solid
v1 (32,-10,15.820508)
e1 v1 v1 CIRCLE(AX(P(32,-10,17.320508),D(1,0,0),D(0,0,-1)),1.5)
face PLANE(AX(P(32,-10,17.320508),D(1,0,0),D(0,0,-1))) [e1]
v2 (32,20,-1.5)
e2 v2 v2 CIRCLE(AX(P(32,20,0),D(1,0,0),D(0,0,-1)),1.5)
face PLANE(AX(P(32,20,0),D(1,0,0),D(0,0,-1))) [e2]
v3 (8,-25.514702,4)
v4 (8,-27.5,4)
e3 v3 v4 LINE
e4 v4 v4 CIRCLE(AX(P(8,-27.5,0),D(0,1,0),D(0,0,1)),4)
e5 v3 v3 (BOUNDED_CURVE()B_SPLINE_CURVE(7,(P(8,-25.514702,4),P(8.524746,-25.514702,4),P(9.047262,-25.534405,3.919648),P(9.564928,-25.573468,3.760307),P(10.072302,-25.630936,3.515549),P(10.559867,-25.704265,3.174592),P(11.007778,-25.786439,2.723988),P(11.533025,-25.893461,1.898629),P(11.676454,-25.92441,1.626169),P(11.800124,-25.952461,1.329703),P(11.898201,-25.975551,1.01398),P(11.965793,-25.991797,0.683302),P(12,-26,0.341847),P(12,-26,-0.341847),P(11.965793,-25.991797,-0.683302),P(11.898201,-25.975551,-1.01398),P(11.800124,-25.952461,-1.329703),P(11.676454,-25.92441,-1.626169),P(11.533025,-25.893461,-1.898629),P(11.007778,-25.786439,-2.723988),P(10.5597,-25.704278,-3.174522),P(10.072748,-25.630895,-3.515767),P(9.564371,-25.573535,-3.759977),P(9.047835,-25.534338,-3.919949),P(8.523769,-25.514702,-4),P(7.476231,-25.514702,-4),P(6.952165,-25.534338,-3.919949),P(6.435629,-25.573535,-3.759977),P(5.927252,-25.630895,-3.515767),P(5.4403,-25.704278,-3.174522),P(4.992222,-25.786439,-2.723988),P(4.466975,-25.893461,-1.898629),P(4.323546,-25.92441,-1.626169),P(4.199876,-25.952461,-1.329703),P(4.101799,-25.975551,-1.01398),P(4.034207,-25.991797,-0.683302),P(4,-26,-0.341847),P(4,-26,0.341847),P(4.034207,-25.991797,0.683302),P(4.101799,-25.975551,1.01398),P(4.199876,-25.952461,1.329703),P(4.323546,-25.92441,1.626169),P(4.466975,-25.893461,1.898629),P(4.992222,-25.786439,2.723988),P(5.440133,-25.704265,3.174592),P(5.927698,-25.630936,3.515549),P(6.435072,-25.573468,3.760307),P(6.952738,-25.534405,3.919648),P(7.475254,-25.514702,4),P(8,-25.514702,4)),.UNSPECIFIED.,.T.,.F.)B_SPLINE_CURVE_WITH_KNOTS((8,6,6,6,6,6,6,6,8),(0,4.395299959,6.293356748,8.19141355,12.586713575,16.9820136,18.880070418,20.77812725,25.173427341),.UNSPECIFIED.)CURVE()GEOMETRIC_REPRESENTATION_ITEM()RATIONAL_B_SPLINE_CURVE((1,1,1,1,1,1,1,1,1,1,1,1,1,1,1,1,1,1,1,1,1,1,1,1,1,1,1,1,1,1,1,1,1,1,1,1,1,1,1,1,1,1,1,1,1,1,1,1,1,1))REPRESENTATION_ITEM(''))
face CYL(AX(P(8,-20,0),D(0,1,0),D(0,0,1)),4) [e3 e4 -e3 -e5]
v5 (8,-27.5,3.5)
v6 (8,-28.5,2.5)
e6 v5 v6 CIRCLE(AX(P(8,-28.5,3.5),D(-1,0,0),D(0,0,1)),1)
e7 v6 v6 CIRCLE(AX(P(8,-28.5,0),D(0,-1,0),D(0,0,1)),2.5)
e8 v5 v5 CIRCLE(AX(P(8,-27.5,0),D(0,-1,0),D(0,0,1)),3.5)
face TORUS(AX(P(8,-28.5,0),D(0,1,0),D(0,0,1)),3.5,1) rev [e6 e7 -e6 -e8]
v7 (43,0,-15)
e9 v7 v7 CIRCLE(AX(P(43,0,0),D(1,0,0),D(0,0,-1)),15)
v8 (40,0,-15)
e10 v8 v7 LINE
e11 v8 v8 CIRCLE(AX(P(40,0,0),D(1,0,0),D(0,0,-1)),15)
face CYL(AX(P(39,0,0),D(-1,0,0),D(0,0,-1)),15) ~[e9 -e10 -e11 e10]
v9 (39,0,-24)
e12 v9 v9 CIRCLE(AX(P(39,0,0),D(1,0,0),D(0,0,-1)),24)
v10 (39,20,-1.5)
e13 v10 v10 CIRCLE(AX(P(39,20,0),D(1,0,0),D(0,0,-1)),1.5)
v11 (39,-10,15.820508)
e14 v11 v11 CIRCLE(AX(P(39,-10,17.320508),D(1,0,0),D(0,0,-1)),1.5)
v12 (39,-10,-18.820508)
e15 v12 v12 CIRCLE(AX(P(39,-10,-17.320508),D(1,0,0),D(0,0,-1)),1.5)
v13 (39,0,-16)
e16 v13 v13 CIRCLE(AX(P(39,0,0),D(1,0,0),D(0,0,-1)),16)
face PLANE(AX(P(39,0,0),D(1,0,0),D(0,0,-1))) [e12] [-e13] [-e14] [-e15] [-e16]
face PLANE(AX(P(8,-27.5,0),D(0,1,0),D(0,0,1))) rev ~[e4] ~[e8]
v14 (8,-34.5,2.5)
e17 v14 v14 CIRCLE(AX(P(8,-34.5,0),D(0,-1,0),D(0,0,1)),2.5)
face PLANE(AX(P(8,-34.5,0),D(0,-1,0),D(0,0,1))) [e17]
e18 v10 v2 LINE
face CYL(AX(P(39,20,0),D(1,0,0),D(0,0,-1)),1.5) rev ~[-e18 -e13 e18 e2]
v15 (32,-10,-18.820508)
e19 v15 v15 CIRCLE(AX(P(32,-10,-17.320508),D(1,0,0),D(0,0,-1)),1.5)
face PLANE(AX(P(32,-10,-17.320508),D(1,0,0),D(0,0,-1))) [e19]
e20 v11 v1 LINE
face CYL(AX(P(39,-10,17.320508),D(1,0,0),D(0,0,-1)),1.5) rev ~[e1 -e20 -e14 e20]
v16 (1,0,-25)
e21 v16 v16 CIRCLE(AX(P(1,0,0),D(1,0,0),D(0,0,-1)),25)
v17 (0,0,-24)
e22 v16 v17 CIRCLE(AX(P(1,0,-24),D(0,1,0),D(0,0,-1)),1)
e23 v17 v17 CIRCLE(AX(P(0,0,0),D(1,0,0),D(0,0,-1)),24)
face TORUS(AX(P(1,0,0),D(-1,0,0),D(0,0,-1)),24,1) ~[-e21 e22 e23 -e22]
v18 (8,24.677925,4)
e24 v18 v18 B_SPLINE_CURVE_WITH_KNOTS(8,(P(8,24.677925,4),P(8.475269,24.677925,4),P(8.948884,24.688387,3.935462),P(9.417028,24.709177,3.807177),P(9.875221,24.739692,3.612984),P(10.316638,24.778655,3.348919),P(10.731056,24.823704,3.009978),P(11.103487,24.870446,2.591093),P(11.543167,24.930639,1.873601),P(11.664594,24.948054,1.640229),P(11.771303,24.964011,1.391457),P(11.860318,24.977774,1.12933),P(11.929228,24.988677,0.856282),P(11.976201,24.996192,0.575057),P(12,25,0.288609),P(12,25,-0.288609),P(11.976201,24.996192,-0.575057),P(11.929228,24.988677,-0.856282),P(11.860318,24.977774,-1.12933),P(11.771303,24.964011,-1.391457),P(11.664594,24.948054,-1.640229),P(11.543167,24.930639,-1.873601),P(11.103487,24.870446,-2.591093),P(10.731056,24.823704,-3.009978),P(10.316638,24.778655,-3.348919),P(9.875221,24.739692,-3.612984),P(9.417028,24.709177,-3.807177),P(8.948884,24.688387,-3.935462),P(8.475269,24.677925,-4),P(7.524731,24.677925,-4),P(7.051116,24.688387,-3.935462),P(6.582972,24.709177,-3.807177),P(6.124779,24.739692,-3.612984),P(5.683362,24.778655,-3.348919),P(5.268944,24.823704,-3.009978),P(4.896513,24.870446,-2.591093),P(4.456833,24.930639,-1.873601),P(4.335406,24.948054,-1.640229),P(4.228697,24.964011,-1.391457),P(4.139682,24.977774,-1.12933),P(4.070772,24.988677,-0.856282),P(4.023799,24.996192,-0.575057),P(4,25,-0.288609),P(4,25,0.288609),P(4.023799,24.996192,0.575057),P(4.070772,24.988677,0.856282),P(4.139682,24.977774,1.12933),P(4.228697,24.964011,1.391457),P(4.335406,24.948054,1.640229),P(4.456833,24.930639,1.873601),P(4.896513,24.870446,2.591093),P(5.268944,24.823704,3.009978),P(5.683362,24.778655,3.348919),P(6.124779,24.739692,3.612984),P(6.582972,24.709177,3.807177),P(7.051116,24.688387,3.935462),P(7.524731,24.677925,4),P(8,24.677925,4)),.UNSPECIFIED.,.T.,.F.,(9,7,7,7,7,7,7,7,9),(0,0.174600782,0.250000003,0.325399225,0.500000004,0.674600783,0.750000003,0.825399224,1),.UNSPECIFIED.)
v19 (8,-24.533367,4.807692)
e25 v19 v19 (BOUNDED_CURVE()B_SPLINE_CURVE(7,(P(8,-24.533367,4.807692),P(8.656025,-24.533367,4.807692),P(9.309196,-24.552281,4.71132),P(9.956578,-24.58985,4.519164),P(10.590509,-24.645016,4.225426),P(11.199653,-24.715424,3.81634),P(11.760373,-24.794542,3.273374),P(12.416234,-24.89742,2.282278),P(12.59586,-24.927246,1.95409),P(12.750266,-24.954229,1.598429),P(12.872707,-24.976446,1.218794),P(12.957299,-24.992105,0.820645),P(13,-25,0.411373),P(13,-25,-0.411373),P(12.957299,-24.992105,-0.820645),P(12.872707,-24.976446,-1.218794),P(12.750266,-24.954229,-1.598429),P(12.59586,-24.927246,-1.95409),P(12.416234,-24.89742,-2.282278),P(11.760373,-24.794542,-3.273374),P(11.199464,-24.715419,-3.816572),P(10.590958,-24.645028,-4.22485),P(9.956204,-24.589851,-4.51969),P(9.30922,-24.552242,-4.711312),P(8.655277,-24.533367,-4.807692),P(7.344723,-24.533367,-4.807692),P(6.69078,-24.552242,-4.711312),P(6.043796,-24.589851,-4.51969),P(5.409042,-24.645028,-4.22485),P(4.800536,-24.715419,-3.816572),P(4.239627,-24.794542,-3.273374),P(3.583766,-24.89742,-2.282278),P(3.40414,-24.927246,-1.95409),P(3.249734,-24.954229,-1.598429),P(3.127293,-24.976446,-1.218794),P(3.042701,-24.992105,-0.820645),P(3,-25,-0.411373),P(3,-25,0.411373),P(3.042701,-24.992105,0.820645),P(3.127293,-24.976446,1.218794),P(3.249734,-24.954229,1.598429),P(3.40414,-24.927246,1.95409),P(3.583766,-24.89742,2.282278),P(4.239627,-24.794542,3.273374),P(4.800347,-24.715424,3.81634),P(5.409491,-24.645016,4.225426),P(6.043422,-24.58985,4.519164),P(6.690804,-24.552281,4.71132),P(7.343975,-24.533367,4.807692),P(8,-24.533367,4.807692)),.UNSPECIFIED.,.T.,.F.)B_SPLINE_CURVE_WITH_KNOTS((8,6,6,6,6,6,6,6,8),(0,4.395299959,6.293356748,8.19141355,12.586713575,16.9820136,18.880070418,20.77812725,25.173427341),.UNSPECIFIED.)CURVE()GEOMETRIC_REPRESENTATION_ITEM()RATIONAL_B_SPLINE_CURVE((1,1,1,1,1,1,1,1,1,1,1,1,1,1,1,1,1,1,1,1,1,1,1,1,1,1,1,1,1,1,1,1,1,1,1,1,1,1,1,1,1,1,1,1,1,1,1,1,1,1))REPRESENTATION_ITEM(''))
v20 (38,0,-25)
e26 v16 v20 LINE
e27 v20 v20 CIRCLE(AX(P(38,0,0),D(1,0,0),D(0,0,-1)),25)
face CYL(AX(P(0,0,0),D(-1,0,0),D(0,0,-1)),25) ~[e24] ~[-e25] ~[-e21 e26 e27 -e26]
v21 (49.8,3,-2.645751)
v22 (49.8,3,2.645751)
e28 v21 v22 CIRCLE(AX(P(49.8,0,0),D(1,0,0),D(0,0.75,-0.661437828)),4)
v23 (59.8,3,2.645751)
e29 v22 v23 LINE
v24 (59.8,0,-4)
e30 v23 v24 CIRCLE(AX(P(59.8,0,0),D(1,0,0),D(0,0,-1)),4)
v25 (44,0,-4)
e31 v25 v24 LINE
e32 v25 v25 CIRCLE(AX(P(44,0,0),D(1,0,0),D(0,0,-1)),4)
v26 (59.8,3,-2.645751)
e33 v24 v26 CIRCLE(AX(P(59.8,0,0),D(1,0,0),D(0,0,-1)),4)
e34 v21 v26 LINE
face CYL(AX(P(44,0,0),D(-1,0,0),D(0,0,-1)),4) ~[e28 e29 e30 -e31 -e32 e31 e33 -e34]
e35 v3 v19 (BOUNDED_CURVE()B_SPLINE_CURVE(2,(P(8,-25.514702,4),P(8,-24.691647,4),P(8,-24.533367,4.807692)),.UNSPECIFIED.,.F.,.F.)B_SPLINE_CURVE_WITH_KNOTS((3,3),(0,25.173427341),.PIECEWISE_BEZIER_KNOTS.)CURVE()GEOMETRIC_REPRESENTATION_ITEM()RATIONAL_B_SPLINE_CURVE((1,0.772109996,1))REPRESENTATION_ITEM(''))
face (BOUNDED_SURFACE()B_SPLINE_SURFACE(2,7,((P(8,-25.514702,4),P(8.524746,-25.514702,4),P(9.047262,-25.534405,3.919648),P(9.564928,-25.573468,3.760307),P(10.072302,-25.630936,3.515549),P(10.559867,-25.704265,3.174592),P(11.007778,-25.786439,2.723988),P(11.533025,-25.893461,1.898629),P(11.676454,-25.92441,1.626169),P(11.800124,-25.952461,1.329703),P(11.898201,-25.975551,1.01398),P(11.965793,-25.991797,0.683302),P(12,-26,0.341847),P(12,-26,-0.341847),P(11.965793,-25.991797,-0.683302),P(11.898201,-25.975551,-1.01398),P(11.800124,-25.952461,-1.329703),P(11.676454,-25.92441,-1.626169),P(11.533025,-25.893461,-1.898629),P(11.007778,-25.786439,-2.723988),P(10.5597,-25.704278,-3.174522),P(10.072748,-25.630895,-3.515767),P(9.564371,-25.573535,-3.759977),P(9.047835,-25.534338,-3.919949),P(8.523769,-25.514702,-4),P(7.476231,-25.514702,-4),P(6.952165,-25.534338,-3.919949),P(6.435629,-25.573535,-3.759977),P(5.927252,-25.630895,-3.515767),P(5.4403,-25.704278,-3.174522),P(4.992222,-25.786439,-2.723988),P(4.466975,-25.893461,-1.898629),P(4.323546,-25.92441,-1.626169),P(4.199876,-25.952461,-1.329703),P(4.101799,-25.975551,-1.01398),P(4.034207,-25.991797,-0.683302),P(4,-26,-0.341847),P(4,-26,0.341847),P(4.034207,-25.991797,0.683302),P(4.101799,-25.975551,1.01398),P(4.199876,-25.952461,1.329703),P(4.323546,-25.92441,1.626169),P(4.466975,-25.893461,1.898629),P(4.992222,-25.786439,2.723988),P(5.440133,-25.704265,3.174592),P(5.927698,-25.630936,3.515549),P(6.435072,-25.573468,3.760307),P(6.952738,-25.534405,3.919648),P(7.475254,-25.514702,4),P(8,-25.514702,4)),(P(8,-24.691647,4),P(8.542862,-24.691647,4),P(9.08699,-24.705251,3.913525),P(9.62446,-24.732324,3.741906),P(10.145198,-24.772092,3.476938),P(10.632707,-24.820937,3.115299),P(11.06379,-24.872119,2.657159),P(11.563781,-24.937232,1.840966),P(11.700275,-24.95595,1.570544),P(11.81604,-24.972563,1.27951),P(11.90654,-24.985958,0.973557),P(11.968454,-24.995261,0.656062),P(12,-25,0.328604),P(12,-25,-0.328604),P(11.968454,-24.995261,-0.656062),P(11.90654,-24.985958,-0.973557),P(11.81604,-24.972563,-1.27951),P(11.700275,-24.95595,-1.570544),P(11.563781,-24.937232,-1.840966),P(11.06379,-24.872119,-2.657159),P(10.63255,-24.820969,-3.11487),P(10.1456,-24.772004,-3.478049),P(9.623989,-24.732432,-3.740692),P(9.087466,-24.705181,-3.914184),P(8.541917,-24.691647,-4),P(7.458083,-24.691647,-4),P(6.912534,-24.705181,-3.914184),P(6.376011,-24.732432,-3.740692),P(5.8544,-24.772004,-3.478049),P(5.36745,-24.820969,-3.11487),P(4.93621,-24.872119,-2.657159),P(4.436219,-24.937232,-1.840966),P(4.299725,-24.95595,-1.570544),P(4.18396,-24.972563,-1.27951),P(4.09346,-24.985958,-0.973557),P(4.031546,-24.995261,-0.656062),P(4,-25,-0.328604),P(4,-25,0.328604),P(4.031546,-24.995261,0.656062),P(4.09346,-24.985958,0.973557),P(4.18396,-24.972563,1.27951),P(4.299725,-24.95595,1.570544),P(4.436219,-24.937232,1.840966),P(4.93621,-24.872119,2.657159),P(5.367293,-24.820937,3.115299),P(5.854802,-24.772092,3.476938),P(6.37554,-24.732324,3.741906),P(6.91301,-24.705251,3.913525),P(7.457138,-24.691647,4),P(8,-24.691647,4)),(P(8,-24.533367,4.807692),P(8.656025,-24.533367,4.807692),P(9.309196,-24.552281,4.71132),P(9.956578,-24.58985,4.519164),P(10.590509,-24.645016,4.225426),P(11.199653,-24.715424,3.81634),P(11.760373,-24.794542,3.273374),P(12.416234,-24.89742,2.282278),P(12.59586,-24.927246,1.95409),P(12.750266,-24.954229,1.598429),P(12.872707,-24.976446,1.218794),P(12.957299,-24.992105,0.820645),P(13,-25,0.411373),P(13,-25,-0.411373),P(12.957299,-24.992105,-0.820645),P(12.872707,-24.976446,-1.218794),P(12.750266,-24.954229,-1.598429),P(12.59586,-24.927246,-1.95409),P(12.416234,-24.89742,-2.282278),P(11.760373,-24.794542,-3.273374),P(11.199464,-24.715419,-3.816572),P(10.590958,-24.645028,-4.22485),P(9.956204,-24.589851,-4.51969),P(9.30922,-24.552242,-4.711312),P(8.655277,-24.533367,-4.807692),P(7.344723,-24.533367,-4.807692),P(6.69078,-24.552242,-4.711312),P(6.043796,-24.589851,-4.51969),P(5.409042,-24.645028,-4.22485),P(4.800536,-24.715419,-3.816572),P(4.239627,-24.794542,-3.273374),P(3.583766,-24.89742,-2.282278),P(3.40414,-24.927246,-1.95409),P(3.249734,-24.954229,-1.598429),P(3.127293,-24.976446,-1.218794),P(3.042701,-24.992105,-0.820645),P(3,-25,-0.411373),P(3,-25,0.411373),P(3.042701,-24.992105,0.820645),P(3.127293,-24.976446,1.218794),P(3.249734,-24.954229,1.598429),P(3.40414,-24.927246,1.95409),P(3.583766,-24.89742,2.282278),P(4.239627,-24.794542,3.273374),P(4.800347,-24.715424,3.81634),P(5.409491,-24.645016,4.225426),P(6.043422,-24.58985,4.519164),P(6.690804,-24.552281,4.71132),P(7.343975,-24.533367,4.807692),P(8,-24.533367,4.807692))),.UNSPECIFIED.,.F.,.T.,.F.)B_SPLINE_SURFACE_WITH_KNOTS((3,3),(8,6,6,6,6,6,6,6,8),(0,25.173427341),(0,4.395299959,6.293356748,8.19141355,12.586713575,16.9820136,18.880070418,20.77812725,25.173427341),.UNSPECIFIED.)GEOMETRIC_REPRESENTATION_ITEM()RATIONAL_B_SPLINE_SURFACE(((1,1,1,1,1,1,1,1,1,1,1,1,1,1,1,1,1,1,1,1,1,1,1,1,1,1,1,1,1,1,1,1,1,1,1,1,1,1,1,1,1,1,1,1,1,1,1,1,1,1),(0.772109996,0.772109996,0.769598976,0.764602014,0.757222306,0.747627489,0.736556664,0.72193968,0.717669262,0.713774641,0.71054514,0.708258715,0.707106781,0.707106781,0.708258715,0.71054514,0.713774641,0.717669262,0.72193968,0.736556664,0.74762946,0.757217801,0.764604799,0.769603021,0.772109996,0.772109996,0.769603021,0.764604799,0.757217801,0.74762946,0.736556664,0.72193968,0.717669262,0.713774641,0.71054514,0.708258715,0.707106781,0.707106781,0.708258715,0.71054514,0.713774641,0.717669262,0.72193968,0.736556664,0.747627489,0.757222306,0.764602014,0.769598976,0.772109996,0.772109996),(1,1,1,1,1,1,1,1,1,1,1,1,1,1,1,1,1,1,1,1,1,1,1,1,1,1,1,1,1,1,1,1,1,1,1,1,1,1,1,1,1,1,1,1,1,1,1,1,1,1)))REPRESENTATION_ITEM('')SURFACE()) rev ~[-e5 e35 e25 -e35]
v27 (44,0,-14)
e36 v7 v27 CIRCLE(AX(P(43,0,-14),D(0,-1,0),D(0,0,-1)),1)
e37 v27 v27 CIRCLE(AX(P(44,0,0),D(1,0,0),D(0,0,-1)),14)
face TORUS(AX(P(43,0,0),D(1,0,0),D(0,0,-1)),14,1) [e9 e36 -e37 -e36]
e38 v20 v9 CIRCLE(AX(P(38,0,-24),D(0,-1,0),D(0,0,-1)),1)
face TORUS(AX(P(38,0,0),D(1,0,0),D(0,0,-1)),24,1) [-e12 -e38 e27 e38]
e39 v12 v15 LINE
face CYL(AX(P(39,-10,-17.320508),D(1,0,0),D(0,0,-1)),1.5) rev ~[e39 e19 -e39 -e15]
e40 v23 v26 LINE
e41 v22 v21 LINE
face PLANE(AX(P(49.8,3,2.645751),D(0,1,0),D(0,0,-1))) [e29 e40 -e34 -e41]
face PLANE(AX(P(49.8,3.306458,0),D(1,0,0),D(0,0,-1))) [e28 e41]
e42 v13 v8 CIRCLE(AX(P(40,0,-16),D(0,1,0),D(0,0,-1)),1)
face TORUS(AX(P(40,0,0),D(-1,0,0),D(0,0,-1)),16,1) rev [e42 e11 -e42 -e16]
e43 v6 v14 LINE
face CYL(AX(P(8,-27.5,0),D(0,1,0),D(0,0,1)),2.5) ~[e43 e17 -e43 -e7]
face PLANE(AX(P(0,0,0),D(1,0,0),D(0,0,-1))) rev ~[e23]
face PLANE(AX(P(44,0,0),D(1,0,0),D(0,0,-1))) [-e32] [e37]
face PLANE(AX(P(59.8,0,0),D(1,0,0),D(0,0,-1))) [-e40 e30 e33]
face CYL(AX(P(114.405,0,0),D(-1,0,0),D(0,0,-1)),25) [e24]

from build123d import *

# Parameters (mm, degrees)
SKETCH2_R                       = 25
BOSS_EXTRUDE1_DEPTH             = 39
SKETCH3_R                       = 15
BOSS_EXTRUDE2_DEPTH             = 5
SKETCH4_R                       = 4
BOSS_EXTRUDE3_DEPTH             = 15.8
CUT_EXTRUDE1_START              = -10
CUT_EXTRUDE1_DEPTH              = 10
SKETCH6_R                       = 1.5
CUT_EXTRUDE2_DEPTH              = 7
BOSS_EXTRUDE4_REACH             = 80.905
BOSS_EXTRUDE4_END_RADIUS        = 25
SKETCH8_R                       = 4
BOSS_EXTRUDE4_DIRECTION_2_DEPTH = 7.5
SKETCH9_R                       = 2.5
BOSS_EXTRUDE5_DEPTH             = 7
FILLET1_R                       = 1


with BuildPart() as part:
    # Sketch2 → Boss-Extrude1 (new body)
    with BuildSketch(Plane(origin=(0, 0, 0), x_dir=(0, 0, -1), z_dir=(1, 0, 0))):
        Circle(SKETCH2_R)
    extrude(amount=BOSS_EXTRUDE1_DEPTH)

    # Sketch3 → Boss-Extrude2 (add)
    with BuildSketch(Plane(origin=(39, 0, 0), x_dir=(0, 0, -1), z_dir=(1, 0, 0))):
        Circle(SKETCH3_R)
    extrude(amount=BOSS_EXTRUDE2_DEPTH)

    # Sketch4 → Boss-Extrude3 (add)
    with BuildSketch(Plane(origin=(44, 0, 0), x_dir=(0, 0, -1), z_dir=(1, 0, 0))):
        Circle(SKETCH4_R)
    extrude(amount=BOSS_EXTRUDE3_DEPTH)

    # Sketch5 → Cut-Extrude1 (cut)
    with BuildSketch(Plane(origin=(59.8, 0, 0), x_dir=(0, 0, -1), z_dir=(1, 0, 0)).offset(CUT_EXTRUDE1_START)):
        with BuildLine():
            Line((-2.645751311, 3), (2.645751311, 3))
            ThreePointArc((2.645751311, 3), (0, 4), (-2.645751311, 3))
        make_face()
    extrude(amount=CUT_EXTRUDE1_DEPTH, mode=Mode.SUBTRACT)

    # Sketch6 → Cut-Extrude2 (cut)
    with BuildSketch(Plane(origin=(39, 0, 0), x_dir=(0, 0, -1), z_dir=(1, 0, 0))):
        with Locations((0, 20)):
            Circle(SKETCH6_R)
        with Locations((17.320508076, -10)):
            Circle(SKETCH6_R)
        with Locations((-17.320508076, -10)):
            Circle(SKETCH6_R)
    extrude(amount=-CUT_EXTRUDE2_DEPTH, mode=Mode.SUBTRACT)

    # Boss-Extrude4: up to this cylinder (the profile starts inside it)
    boss_extrude4_end = Plane(origin=(8, 0, 0), z_dir=(-1, 0, 0)) * Cylinder(BOSS_EXTRUDE4_END_RADIUS, 212.81, mode=Mode.PRIVATE)
    # Sketch8 → Boss-Extrude4 (add, up to the surface)
    with BuildSketch(Plane(origin=(0, -20, 0), x_dir=(1, 0, 0), z_dir=(0, 1, 0)), mode=Mode.PRIVATE) as boss_extrude4_sk1:
        with Locations((8, 0)):
            Circle(SKETCH8_R)
    boss_extrude4_tool1 = extrude(boss_extrude4_sk1.sketch, amount=BOSS_EXTRUDE4_REACH, mode=Mode.PRIVATE) & boss_extrude4_end
    add(boss_extrude4_tool1.solids().sort_by_distance((8, -20, 0))[0])

    # Sketch8 → Boss-Extrude4 direction 2 (add)
    with BuildSketch(Plane(origin=(0, -20, 0), x_dir=(1, 0, 0), z_dir=(0, 1, 0))):
        with Locations((8, 0)):
            Circle(SKETCH8_R)
    extrude(amount=-BOSS_EXTRUDE4_DIRECTION_2_DEPTH)

    # Sketch9 → Boss-Extrude5 (add)
    with BuildSketch(Plane.XZ.offset(27.5)):
        with Locations((8, 0)):
            Circle(SKETCH9_R)
    extrude(amount=BOSS_EXTRUDE5_DEPTH)

    # Fillet1
    fillet1_edges = [part.edges().sort_by_distance(p)[0] for p in [
        (0, 0, 25),
        (39, 0, 25),
        (4, -25, 0),
        (5.5, -27.5, 0),
        (39, 0, 15),
        (44, 0, 15),
    ]]
    fillet(fillet1_edges, radius=FILLET1_R)


solid = part.part
